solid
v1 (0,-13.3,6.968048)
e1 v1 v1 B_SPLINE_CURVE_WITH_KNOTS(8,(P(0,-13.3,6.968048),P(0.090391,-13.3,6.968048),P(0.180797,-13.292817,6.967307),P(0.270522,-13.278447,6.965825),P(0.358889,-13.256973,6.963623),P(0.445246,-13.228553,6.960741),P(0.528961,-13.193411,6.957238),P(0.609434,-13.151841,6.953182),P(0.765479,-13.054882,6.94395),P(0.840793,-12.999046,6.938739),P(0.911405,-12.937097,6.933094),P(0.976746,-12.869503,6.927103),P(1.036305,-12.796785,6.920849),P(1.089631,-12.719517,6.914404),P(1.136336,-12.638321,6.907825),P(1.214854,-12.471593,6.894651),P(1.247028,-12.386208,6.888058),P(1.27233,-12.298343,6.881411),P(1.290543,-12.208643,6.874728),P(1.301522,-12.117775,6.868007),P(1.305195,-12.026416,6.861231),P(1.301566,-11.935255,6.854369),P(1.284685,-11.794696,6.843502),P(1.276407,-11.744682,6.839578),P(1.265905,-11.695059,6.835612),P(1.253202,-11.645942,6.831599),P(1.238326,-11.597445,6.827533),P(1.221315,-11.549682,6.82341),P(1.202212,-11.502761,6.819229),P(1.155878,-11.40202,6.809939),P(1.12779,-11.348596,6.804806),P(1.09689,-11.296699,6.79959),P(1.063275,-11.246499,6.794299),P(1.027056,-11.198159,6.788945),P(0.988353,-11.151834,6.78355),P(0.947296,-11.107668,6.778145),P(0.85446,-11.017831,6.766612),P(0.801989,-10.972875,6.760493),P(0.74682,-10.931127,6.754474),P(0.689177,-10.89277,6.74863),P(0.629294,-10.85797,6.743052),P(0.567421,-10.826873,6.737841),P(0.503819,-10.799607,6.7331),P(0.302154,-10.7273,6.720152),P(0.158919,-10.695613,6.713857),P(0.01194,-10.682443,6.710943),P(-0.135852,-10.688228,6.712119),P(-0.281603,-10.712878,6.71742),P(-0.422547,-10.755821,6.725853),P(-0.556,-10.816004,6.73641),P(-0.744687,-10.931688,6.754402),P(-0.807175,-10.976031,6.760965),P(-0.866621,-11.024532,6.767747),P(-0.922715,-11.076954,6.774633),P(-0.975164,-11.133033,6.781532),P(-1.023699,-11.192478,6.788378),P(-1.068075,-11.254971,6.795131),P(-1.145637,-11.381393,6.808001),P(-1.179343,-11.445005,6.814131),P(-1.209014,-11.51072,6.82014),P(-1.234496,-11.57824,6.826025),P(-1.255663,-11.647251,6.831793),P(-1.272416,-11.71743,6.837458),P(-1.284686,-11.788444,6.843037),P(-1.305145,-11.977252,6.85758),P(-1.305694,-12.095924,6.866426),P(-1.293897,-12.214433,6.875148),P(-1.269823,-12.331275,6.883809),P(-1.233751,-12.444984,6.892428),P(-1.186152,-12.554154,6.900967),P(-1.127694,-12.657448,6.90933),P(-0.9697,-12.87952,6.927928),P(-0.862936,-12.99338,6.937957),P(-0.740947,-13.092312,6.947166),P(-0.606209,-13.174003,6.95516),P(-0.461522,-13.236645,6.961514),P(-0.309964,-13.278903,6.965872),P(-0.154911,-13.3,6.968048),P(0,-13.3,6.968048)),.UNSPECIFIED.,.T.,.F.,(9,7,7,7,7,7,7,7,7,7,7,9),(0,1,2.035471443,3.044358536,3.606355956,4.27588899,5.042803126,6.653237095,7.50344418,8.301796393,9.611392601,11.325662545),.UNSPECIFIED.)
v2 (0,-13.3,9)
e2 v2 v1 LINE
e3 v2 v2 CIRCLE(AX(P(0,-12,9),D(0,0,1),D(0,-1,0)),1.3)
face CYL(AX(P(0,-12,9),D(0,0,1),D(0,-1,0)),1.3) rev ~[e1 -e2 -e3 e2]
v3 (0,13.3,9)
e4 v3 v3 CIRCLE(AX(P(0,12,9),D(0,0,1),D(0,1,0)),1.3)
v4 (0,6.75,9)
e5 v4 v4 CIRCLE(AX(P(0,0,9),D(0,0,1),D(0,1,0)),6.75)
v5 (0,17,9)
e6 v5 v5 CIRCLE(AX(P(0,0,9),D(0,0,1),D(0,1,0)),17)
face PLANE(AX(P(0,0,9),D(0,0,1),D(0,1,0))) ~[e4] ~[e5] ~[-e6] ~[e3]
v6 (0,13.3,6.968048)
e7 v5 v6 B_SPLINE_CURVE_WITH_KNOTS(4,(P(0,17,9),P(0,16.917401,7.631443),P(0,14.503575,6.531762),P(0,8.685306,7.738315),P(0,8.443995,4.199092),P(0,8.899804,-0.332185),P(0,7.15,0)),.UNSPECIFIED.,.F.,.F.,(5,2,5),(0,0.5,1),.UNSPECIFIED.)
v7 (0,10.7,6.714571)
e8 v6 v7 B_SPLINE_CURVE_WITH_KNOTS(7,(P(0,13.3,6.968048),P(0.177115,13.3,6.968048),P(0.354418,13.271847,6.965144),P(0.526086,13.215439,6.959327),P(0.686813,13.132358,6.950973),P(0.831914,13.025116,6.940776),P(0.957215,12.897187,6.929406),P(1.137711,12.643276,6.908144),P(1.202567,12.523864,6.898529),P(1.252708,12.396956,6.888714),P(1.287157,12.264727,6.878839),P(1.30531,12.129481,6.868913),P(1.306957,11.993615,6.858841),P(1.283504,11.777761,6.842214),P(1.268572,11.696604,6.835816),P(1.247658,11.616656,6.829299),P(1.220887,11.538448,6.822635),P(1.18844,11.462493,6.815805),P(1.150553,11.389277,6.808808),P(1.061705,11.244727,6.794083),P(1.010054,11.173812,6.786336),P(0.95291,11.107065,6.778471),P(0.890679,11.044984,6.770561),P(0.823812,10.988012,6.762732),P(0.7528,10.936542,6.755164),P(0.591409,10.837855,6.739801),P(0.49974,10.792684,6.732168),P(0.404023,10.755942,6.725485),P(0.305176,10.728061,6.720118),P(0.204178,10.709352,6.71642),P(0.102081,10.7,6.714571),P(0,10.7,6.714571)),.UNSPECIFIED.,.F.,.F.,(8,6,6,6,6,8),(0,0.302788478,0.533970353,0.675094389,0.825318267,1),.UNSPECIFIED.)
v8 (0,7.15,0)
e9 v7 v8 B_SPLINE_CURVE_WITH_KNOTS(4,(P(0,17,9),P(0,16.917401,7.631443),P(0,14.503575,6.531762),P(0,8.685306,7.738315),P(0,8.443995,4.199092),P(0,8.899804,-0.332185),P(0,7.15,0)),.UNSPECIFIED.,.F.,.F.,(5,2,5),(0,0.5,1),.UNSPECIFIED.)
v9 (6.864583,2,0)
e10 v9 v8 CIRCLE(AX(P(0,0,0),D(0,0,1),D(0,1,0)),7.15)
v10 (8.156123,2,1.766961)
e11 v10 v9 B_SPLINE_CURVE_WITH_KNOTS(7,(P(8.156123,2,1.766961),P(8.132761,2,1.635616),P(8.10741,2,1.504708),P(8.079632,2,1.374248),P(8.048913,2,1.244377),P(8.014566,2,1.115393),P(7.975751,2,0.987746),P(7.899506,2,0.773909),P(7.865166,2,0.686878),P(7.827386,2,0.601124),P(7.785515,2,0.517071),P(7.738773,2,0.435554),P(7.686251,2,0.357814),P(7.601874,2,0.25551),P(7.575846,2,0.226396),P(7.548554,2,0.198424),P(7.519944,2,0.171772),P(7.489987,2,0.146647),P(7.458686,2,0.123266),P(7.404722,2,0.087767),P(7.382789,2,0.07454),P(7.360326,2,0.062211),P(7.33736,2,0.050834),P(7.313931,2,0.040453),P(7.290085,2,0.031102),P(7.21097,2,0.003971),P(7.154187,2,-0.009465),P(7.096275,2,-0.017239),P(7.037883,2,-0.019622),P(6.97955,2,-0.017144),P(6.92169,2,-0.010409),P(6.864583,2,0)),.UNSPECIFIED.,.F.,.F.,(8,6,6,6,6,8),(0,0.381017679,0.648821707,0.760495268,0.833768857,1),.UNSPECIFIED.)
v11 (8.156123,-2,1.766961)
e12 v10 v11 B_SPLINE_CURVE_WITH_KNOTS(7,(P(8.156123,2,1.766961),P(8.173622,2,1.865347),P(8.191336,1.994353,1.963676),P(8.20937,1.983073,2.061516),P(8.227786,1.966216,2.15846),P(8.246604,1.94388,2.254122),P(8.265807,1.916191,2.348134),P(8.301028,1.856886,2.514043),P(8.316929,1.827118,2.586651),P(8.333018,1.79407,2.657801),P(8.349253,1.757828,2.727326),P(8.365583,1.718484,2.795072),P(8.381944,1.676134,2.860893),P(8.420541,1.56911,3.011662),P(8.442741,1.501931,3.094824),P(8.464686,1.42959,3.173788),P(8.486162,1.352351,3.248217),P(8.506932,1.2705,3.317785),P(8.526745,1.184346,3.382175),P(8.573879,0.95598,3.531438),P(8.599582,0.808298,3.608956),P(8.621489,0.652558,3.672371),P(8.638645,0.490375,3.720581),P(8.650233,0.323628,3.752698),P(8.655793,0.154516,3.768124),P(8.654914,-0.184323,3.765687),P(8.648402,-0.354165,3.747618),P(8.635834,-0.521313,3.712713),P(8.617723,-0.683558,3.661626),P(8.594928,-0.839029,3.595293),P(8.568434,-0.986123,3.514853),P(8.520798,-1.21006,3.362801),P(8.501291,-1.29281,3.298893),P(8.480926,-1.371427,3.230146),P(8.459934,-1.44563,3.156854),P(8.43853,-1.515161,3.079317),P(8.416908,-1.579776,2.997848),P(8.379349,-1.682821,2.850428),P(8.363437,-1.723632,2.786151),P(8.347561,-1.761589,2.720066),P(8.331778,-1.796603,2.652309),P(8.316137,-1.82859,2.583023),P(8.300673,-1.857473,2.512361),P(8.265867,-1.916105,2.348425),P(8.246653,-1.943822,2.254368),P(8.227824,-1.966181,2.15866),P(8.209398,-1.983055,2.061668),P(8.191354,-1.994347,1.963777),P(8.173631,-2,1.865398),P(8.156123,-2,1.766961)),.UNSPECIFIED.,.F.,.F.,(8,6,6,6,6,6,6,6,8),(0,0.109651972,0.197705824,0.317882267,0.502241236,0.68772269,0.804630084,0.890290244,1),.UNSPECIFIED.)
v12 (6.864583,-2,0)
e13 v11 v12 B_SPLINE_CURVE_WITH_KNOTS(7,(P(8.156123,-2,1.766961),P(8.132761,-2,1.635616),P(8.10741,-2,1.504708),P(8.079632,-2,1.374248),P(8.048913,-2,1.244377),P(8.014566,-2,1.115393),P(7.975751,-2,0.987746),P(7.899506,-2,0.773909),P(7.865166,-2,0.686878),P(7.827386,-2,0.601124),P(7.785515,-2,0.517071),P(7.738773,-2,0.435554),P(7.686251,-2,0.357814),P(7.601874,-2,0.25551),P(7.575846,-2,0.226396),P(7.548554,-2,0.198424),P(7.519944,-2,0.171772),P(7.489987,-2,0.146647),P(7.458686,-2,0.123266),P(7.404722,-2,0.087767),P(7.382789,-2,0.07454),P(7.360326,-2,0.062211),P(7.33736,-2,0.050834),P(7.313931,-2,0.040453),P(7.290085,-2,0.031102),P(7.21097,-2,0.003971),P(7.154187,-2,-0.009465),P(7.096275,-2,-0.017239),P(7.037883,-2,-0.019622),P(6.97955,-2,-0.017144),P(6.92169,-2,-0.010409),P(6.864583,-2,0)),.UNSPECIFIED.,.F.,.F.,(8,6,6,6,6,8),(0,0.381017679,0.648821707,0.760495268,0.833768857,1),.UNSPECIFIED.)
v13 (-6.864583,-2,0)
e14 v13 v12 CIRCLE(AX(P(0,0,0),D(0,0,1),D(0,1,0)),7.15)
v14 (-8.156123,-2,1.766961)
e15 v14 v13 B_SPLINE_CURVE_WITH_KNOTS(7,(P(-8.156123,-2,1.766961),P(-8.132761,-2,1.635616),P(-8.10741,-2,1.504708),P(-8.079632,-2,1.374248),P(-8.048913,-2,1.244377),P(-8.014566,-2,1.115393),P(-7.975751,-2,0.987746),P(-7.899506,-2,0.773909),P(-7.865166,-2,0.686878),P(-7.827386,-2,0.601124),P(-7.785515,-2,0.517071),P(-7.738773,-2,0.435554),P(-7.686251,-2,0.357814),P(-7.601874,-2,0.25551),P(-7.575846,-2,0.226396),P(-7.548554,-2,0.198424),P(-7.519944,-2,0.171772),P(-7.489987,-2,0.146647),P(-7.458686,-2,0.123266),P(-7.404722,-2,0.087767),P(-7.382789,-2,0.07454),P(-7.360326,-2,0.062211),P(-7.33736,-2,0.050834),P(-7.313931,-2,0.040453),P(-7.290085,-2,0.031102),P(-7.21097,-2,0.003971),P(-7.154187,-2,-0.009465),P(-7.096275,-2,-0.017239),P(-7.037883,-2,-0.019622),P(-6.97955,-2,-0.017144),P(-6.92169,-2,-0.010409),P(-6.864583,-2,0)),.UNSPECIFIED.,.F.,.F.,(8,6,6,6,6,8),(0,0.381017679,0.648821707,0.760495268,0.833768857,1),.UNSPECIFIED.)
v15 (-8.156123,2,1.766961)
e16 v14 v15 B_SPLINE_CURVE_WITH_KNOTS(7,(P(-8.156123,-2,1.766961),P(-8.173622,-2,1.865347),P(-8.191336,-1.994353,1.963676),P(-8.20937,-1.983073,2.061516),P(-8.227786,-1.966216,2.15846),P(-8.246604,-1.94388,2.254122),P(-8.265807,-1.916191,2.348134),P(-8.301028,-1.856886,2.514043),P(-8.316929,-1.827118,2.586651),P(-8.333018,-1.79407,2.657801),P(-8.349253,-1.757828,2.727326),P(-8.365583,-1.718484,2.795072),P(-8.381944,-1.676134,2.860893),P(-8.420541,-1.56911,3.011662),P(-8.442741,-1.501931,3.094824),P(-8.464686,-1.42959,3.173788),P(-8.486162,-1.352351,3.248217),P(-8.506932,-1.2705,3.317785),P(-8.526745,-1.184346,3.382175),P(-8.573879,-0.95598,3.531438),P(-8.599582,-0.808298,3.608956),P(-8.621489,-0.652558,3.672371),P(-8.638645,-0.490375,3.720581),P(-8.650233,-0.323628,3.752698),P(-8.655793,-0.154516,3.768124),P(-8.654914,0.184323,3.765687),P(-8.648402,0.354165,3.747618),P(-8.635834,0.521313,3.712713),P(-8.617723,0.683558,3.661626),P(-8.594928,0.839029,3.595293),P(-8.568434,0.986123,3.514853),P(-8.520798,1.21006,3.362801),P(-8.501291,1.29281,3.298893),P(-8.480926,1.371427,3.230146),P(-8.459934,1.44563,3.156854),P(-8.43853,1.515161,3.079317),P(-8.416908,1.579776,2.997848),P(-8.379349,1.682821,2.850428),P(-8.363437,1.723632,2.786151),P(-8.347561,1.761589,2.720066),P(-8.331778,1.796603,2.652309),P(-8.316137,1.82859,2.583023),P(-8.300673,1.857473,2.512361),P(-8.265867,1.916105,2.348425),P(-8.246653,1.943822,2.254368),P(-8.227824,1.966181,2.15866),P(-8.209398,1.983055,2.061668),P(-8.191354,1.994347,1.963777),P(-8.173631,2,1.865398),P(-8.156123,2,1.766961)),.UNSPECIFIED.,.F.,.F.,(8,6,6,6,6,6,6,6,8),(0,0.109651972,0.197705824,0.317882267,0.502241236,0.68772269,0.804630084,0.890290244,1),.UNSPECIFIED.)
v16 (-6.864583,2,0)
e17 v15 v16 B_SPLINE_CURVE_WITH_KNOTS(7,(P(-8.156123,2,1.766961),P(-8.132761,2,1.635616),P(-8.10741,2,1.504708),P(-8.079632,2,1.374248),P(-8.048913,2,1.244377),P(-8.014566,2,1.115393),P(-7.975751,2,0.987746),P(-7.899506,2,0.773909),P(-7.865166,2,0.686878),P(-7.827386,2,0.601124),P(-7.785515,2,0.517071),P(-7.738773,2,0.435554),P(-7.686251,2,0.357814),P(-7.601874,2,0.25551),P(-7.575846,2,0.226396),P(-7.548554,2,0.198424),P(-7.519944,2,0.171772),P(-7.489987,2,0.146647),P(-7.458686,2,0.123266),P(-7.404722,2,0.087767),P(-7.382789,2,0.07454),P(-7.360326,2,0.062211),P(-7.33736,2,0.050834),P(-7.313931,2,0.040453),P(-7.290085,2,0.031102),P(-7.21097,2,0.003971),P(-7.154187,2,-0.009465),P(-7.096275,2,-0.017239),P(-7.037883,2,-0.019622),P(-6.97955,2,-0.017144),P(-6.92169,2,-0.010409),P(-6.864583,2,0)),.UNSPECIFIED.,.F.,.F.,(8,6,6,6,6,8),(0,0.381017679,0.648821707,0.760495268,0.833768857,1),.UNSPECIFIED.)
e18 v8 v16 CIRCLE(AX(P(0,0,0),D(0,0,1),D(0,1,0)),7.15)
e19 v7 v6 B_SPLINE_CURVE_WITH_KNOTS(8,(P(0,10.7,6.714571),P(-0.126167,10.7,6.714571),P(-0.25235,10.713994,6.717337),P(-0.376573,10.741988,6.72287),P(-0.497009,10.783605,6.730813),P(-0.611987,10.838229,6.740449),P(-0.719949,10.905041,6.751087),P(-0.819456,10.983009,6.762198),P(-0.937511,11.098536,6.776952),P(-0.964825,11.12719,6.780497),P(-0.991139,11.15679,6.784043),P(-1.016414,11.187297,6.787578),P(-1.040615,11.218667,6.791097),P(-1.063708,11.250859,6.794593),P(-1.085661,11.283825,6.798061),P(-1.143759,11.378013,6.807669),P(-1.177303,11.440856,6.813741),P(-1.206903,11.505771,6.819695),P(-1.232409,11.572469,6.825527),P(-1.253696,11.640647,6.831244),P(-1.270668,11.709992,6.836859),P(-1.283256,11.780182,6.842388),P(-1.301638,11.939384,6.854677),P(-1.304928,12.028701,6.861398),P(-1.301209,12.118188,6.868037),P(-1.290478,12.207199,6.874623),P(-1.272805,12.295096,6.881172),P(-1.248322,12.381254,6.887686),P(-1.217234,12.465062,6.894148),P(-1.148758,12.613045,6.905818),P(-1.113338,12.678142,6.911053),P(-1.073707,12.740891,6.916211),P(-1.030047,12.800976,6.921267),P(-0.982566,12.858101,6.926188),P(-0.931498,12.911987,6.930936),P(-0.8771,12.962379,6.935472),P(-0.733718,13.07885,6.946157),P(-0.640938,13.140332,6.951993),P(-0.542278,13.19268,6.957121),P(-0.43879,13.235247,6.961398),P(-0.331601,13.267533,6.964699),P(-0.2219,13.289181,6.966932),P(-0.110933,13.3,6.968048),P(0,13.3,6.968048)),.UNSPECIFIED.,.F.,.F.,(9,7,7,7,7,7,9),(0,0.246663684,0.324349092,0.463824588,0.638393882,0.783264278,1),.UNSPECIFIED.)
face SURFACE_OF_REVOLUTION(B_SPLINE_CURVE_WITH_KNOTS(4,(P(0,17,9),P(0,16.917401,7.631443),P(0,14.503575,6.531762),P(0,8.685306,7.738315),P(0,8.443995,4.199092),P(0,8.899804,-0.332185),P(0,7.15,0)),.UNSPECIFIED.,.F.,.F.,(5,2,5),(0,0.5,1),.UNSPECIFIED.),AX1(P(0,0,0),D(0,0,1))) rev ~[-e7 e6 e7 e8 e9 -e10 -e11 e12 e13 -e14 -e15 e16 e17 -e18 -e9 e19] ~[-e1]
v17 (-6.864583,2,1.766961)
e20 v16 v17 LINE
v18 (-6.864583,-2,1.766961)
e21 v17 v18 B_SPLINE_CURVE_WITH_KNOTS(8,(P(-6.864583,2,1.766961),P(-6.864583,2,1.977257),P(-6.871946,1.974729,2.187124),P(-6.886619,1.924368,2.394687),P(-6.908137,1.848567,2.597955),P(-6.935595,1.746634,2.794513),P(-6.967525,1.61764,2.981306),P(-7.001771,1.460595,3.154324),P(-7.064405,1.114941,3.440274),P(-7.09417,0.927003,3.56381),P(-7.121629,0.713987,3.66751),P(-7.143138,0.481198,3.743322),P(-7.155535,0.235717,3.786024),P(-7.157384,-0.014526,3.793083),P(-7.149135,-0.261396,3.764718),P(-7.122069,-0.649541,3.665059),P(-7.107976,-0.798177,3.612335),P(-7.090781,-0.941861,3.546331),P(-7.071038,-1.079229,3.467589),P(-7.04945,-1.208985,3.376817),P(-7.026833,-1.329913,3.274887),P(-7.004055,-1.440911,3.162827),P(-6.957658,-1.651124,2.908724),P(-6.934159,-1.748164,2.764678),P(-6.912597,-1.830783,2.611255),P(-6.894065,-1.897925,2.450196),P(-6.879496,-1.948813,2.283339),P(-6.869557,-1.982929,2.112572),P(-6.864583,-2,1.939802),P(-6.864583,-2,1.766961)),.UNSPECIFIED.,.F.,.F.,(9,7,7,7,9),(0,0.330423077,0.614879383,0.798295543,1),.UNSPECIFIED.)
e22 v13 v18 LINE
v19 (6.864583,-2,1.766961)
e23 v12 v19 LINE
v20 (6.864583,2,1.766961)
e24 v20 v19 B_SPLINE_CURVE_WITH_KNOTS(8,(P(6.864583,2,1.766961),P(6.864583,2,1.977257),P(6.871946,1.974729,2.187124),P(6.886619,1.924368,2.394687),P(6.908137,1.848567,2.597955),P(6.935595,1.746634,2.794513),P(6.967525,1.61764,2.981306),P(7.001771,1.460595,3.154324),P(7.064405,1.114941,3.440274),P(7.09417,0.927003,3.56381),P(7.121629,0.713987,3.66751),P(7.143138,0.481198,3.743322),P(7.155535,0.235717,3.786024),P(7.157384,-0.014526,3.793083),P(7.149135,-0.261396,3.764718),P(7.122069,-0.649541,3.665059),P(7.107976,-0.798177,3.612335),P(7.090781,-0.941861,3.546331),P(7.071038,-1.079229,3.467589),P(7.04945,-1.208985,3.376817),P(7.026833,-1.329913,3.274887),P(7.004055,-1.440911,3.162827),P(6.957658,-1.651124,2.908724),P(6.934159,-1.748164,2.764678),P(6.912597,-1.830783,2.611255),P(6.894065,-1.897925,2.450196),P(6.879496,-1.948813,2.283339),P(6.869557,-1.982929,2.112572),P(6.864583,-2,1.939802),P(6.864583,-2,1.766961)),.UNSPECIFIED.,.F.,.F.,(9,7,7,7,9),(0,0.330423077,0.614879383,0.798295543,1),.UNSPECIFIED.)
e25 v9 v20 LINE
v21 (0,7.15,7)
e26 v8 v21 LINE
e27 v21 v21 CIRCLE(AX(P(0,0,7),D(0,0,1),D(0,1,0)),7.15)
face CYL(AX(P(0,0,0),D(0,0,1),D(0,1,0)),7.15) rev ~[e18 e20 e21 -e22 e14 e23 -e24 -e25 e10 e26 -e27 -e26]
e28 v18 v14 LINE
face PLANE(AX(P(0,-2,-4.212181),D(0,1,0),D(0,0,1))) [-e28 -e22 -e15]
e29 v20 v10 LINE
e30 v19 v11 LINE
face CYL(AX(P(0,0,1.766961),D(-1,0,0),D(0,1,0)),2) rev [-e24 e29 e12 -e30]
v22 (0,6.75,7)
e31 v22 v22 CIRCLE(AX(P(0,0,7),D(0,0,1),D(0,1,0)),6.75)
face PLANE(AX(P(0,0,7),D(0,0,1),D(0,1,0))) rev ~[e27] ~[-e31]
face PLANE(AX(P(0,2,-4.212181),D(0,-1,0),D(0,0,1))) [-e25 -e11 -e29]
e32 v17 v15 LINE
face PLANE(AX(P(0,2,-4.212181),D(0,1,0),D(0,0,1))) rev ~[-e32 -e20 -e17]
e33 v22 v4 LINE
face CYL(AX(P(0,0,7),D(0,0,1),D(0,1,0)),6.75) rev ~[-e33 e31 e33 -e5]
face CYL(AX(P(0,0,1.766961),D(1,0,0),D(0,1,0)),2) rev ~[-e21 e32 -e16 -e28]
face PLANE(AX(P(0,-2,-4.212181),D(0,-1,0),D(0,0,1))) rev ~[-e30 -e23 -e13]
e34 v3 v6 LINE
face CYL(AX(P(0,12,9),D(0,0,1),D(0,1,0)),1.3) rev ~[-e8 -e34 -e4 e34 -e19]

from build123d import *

# Parameters (mm, degrees)
SKETCH001_R          = 1.3
POCKET_DEPTH         = 5
POLARPATTERN_COUNT   = 2
POCKET001_DEPTH      = 10
POCKET001_DEPTH_BACK = -10


with BuildPart() as part:
    # Sketch → Revolution (revolve)
    with BuildSketch(Plane.YZ):
        with BuildLine():
            Line((7.15, 0), (7.15, 7))
            Line((7.15, 7), (6.75, 7))
            Line((6.75, 7), (6.75, 9))
            Line((6.75, 9), (17, 9))
            add(Edge.make_bspline(
                [(17, 9), (16.917401, 7.631443), (14.503575, 6.531762), (8.685306, 7.738315), (8.443995, 4.199092), (8.899804, -0.332185), (7.15, 0)],
                knots=[0, 0, 0, 0, 0, 0.5, 0.5, 1, 1, 1, 1, 1], degree=4))
        make_face()
    revolve(axis=Axis((0, 0, 0), (0, 0, 1)))

    # Sketch001 (on Face4 of Revolution) → Pocket (cut)
    with BuildSketch(Plane(origin=(0, 0, 9), x_dir=(0, -1, 0), z_dir=(0, 0, 1))):
        with Locations((12, 0)):
            Circle(SKETCH001_R)
    pocket = extrude(amount=-POCKET_DEPTH, mode=Mode.SUBTRACT)

    # PolarPattern: Pocket ×2 about axis
    polarpattern_axis = Axis((0, 0, 9), (0, 0, 1))
    for i in range(1, POLARPATTERN_COUNT):
        add(pocket.rotate(polarpattern_axis, i * 360 / POLARPATTERN_COUNT), mode=Mode.SUBTRACT)

    # Sketch002 → Pocket001 (cut, two sides)
    with BuildSketch(Plane.YZ) as pocket001_sk:
        with BuildLine():
            ThreePointArc((-2, -4.212181), (0, -6.212181), (2, -4.212181))
            Line((2, -4.212181), (2, 1.766961))
            ThreePointArc((2, 1.766961), (0, 3.766961), (-2, 1.766961))
            Line((-2, -4.212181), (-2, 1.766961))
        make_face()
    extrude(amount=-POCKET001_DEPTH, mode=Mode.SUBTRACT)
    extrude(pocket001_sk.sketch, amount=-POCKET001_DEPTH_BACK, mode=Mode.SUBTRACT)


solid = part.part
